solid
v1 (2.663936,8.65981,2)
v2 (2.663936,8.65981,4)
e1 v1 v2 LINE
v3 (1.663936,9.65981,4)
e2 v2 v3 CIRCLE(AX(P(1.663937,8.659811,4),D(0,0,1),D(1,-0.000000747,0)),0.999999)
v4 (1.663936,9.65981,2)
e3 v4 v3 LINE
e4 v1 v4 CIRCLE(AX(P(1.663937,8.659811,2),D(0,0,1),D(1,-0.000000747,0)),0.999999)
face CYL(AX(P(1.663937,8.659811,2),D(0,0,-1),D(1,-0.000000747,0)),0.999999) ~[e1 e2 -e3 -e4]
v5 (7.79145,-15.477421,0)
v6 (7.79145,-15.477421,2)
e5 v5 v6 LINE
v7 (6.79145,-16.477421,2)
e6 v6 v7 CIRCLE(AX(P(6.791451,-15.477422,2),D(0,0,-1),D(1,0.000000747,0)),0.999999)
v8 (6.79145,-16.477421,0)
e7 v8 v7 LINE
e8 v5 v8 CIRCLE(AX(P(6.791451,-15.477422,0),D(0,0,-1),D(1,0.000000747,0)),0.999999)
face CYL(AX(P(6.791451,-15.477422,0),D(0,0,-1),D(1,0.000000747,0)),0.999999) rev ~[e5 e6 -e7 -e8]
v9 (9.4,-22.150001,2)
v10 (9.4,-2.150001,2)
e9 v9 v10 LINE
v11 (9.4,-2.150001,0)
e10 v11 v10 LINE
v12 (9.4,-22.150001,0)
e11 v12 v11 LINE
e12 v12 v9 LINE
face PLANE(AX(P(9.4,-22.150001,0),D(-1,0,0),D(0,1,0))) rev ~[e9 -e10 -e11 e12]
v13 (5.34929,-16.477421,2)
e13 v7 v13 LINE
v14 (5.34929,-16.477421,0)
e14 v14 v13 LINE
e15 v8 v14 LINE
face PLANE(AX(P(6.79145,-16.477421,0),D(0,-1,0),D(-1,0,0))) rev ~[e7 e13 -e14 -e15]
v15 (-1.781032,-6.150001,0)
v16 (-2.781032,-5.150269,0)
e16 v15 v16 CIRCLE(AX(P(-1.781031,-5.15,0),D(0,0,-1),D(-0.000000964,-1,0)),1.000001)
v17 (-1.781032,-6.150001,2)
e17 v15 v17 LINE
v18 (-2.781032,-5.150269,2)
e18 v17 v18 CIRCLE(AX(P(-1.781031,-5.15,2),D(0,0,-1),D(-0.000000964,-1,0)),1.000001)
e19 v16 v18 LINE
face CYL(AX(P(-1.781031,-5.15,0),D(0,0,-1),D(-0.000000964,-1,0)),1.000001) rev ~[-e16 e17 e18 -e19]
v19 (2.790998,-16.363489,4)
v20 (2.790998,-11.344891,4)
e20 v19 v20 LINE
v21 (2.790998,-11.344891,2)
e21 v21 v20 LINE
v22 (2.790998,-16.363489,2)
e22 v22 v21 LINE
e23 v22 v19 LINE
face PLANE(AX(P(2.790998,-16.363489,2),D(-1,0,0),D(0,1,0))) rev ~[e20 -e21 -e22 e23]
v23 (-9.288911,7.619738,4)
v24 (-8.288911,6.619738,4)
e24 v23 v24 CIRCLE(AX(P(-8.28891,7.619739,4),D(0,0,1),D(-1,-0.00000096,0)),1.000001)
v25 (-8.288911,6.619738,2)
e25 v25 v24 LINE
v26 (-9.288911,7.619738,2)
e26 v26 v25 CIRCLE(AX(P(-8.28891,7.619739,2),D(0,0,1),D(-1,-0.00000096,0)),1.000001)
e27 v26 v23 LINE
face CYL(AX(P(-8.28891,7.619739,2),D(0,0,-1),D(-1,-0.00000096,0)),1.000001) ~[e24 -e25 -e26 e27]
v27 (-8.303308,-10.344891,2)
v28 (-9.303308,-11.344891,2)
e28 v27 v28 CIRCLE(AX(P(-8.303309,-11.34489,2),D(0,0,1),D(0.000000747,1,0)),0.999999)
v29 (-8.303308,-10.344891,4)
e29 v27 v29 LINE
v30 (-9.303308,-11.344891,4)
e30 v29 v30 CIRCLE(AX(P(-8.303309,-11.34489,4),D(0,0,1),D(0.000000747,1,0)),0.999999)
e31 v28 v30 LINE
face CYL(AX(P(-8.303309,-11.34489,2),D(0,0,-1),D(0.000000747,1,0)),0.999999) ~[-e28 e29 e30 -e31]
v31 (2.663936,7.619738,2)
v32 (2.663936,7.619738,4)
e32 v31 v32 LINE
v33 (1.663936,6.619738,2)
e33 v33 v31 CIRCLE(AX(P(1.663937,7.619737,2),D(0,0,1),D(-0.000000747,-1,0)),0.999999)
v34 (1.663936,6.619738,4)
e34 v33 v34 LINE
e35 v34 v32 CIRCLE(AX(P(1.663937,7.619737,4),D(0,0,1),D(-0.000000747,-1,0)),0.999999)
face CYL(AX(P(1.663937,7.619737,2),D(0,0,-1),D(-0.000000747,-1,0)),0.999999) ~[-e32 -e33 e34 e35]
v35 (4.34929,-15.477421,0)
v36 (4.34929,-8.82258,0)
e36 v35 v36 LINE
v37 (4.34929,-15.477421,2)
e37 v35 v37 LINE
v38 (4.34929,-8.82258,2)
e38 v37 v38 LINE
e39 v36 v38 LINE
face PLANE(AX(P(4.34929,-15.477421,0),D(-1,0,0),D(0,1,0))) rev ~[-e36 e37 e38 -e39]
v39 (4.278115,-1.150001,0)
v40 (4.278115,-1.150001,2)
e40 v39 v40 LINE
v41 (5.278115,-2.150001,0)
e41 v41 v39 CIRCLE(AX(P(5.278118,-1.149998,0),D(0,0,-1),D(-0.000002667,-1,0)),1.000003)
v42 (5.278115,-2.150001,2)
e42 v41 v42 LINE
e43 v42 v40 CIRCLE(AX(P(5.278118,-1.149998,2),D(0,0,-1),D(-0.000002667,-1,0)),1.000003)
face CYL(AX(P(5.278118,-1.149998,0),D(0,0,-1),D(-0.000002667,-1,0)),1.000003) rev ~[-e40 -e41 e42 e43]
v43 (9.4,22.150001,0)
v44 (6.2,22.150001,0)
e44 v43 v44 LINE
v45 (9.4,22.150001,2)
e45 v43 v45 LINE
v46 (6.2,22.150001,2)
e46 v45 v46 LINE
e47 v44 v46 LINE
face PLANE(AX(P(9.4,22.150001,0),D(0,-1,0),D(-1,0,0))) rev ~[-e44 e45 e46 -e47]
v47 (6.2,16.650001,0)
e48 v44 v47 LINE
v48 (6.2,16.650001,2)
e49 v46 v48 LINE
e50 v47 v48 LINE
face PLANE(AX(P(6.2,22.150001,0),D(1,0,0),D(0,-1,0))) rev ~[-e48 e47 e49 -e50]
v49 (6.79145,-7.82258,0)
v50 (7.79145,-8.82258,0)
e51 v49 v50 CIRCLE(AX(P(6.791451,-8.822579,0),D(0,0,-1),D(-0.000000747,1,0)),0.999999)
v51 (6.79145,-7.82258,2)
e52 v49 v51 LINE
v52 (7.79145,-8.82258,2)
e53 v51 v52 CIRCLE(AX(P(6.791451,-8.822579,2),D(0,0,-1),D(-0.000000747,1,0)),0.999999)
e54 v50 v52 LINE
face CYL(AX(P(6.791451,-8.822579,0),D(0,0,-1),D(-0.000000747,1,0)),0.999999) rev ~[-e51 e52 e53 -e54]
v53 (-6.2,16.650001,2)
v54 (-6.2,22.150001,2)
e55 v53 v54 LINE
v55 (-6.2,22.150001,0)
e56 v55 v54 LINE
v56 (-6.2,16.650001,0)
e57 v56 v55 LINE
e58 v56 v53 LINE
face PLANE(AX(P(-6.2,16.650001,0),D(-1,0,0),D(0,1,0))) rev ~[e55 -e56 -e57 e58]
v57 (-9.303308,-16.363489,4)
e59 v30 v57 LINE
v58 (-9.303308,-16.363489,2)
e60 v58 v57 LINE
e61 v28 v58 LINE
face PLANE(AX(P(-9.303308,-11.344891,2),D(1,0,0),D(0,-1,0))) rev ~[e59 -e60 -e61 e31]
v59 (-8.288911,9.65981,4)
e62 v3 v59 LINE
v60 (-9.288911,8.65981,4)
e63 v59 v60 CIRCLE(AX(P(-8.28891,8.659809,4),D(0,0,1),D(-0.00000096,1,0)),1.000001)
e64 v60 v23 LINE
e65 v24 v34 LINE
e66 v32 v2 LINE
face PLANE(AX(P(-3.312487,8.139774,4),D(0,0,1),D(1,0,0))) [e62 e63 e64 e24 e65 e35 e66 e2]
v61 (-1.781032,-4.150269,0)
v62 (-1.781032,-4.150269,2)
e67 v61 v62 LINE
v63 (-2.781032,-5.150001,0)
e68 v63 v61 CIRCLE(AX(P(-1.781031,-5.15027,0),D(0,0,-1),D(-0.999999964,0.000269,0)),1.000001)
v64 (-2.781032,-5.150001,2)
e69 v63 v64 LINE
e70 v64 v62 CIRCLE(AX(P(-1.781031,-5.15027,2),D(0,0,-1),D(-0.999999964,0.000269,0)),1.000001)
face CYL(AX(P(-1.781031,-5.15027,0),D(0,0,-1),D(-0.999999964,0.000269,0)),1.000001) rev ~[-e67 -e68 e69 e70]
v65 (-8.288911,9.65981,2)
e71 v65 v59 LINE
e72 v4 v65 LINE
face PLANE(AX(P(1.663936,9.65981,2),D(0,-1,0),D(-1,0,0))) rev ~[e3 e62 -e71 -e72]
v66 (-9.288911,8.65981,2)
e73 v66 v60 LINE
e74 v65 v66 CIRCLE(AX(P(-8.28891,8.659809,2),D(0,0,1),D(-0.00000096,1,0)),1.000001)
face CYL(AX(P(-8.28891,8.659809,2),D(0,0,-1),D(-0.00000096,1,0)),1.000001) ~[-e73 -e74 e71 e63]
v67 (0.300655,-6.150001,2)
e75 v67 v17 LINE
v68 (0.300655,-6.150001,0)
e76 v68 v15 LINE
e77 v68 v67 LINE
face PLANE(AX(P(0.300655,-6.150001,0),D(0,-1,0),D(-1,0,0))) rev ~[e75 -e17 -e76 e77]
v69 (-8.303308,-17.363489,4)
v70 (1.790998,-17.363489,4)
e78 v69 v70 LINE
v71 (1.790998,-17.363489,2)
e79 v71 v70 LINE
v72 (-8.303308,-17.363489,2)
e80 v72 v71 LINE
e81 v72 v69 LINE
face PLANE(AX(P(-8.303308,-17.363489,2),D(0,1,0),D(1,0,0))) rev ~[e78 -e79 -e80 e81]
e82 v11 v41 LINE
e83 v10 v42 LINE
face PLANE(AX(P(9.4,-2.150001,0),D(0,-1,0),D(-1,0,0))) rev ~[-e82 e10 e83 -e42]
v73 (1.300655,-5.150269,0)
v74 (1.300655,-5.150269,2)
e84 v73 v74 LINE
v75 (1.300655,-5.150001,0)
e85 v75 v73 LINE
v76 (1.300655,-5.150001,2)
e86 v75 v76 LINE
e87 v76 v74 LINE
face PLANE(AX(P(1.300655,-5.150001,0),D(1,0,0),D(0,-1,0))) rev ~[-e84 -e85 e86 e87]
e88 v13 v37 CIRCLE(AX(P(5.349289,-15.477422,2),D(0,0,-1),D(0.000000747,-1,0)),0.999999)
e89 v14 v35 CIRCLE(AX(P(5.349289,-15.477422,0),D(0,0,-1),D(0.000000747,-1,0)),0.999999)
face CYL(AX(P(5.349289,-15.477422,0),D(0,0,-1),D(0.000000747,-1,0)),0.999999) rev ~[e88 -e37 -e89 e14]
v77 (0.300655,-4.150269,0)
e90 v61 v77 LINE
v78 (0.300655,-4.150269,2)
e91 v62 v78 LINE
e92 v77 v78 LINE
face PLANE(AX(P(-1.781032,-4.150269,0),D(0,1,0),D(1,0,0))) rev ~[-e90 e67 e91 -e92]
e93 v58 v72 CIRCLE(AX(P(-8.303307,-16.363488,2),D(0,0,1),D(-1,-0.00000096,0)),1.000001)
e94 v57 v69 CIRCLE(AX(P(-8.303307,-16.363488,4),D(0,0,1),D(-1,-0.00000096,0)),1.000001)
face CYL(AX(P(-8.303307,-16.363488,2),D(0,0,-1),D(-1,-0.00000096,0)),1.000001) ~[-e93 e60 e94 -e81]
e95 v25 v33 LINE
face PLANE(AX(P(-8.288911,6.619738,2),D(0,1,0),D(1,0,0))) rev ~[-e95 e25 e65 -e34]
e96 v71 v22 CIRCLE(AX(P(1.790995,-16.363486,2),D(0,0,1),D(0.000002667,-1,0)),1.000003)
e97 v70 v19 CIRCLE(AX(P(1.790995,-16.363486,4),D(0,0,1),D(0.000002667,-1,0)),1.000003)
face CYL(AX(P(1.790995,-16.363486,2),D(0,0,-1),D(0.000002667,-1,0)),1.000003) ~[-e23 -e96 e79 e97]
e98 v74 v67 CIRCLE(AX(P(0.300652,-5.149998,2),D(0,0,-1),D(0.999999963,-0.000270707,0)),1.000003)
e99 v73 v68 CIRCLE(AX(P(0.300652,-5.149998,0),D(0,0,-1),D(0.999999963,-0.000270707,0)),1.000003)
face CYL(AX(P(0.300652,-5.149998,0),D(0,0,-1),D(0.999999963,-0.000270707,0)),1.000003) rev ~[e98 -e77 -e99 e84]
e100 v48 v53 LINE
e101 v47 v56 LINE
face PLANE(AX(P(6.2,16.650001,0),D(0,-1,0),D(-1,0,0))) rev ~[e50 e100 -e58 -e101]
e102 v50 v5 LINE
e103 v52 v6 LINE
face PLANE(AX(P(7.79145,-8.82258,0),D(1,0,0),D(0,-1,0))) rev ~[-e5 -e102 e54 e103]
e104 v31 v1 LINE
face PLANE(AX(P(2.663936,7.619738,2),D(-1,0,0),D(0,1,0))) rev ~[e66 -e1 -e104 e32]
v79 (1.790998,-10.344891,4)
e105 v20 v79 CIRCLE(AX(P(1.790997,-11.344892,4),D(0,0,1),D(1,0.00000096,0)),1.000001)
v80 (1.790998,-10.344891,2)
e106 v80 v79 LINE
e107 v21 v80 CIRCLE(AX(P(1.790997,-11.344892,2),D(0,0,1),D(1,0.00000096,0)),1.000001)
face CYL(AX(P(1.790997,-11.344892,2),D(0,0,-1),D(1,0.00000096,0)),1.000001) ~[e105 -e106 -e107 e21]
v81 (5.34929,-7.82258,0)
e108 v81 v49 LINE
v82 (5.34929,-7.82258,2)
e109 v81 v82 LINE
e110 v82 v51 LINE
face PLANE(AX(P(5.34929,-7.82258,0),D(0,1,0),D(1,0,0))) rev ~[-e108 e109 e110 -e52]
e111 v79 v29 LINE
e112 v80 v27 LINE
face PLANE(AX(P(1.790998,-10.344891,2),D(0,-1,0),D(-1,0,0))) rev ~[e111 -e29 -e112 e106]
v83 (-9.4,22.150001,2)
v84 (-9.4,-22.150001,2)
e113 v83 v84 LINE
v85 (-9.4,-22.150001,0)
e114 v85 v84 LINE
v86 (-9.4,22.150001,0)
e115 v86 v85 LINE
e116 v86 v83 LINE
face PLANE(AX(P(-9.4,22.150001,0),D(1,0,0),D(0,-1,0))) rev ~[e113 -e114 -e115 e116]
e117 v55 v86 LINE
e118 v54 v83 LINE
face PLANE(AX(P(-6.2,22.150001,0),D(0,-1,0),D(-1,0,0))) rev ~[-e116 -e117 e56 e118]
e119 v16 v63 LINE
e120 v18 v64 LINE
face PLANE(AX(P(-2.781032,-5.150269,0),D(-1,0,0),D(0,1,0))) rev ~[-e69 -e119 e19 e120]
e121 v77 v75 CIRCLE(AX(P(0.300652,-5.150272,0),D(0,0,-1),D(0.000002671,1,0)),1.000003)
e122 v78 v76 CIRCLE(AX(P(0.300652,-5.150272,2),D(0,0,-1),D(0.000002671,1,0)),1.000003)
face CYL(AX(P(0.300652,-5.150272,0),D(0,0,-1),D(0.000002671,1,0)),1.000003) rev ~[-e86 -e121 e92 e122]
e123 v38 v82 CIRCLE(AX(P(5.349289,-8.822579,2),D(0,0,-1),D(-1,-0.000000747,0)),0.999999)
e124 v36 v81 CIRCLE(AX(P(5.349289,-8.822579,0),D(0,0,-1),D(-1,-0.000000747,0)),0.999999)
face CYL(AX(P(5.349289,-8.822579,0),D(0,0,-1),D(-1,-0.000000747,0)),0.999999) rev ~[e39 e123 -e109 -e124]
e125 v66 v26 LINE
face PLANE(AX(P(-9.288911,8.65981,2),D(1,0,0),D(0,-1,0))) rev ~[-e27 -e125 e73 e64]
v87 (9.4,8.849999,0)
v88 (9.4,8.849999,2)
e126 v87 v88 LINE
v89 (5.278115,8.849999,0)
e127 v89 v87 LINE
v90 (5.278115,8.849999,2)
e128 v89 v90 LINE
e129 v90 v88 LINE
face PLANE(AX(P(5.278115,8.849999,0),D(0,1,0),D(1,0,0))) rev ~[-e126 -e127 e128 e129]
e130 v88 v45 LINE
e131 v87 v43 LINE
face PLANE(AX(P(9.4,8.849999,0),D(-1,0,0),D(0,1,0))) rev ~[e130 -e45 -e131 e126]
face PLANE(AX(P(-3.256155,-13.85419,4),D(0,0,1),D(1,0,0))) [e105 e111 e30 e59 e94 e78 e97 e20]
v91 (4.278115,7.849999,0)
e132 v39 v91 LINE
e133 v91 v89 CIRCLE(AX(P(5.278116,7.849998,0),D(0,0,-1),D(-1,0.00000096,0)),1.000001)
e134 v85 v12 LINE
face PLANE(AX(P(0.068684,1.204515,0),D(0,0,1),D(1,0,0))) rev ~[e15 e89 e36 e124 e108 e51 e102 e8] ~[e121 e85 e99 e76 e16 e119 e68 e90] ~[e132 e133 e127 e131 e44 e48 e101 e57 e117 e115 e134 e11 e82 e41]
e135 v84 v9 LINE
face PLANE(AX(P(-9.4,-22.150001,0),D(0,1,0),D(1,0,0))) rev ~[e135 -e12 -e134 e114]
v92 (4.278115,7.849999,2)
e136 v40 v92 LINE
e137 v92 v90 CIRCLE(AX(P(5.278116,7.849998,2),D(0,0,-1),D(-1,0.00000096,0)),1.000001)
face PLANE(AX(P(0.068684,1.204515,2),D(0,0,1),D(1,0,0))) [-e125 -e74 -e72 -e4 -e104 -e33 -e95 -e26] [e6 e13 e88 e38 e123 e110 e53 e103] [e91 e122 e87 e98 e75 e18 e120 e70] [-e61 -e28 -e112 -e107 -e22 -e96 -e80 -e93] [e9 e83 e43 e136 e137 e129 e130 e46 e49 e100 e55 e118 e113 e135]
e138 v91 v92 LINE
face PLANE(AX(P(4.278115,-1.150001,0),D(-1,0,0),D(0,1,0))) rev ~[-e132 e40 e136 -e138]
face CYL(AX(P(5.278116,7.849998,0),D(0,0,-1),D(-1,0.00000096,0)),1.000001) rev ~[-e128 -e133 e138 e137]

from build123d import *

# Parameters (mm, degrees)
F1_DEPTH = 2
F3_DEPTH = 2


with BuildPart() as f1:
    # F0 (on Top) → F1 (new body)
    with BuildSketch(Plane.XY):
        with BuildLine():
            Line((9.4, 8.849999), (9.4, 22.150001))
            Line((9.4, 22.150001), (6.2, 22.150001))
            Line((6.2, 22.150001), (6.2, 16.650001))
            Line((6.2, 16.650001), (-6.2, 16.650001))
            Line((-6.2, 16.650001), (-6.2, 22.150001))
            Line((-6.2, 22.150001), (-9.4, 22.150001))
            Line((-9.4, 22.150001), (-9.4, -22.150001))
            Line((-9.4, -22.150001), (9.4, -22.150001))
            Line((9.4, -22.150001), (9.4, -2.150001))
            Line((9.4, -2.150001), (5.278115, -2.150001))
            ThreePointArc((5.278115, -2.150001), (4.571009, -1.857107), (4.278115, -1.150001))
            Line((4.278115, -1.150001), (4.278115, 7.849999))
            ThreePointArc((4.278115, 7.849999), (4.571009, 8.557106), (5.278115, 8.849999))
            Line((5.278115, 8.849999), (9.4, 8.849999))
        make_face()
        with BuildLine():
            ThreePointArc((-2.781032, -5.150001), (-2.488044, -4.443068), (-1.781032, -4.150269))
            Line((-1.781032, -4.150269), (0.300655, -4.150269))
            ThreePointArc((0.300655, -4.150269), (1.007666, -4.443068), (1.300655, -5.150001))
            Line((1.300655, -5.150001), (1.300655, -5.150269))
            ThreePointArc((1.300655, -5.150269), (1.007666, -5.857202), (0.300655, -6.150001))
            Line((0.300655, -6.150001), (-1.781032, -6.150001))
            ThreePointArc((-1.781032, -6.150001), (-2.488044, -5.857202), (-2.781032, -5.150269))
            Line((-2.781032, -5.150269), (-2.781032, -5.150001))
        make_face(mode=Mode.SUBTRACT)
        with BuildLine():
            ThreePointArc((4.34929, -8.82258), (4.642183, -8.115473), (5.34929, -7.82258))
            Line((5.34929, -7.82258), (6.79145, -7.82258))
            ThreePointArc((6.79145, -7.82258), (7.498557, -8.115473), (7.79145, -8.82258))
            Line((7.79145, -8.82258), (7.79145, -15.477421))
            ThreePointArc((7.79145, -15.477421), (7.498557, -16.184528), (6.79145, -16.477421))
            Line((6.79145, -16.477421), (5.34929, -16.477421))
            ThreePointArc((5.34929, -16.477421), (4.642183, -16.184528), (4.34929, -15.477421))
            Line((4.34929, -15.477421), (4.34929, -8.82258))
        make_face(mode=Mode.SUBTRACT)
    extrude(amount=F1_DEPTH)

    # F2 (on face) → F3 (join)
    with BuildSketch(Plane.XY.offset(2)):
        with BuildLine():
            Line((1.663936, 9.65981), (-8.288911, 9.65981))
            ThreePointArc((-8.288911, 9.65981), (-8.996017, 9.366917), (-9.288911, 8.65981))
            Line((-9.288911, 8.65981), (-9.288911, 7.619738))
            ThreePointArc((-9.288911, 7.619738), (-8.996017, 6.912631), (-8.288911, 6.619738))
            Line((-8.288911, 6.619738), (1.663936, 6.619738))
            ThreePointArc((1.663936, 6.619738), (2.371043, 6.912631), (2.663936, 7.619738))
            Line((2.663936, 7.619738), (2.663936, 8.65981))
            ThreePointArc((2.663936, 8.65981), (2.371043, 9.366917), (1.663936, 9.65981))
        make_face()
        with BuildLine():
            Line((1.790998, -10.344891), (-8.303308, -10.344891))
            ThreePointArc((-8.303308, -10.344891), (-9.010415, -10.637784), (-9.303308, -11.344891))
            Line((-9.303308, -11.344891), (-9.303308, -16.363489))
            ThreePointArc((-9.303308, -16.363489), (-9.010415, -17.070595), (-8.303308, -17.363489))
            Line((-8.303308, -17.363489), (1.790998, -17.363489))
            ThreePointArc((1.790998, -17.363489), (2.498104, -17.070595), (2.790998, -16.363489))
            Line((2.790998, -16.363489), (2.790998, -11.344891))
            ThreePointArc((2.790998, -11.344891), (2.498104, -10.637784), (1.790998, -10.344891))
        make_face()
    extrude(amount=F3_DEPTH)


solid = f1.part
